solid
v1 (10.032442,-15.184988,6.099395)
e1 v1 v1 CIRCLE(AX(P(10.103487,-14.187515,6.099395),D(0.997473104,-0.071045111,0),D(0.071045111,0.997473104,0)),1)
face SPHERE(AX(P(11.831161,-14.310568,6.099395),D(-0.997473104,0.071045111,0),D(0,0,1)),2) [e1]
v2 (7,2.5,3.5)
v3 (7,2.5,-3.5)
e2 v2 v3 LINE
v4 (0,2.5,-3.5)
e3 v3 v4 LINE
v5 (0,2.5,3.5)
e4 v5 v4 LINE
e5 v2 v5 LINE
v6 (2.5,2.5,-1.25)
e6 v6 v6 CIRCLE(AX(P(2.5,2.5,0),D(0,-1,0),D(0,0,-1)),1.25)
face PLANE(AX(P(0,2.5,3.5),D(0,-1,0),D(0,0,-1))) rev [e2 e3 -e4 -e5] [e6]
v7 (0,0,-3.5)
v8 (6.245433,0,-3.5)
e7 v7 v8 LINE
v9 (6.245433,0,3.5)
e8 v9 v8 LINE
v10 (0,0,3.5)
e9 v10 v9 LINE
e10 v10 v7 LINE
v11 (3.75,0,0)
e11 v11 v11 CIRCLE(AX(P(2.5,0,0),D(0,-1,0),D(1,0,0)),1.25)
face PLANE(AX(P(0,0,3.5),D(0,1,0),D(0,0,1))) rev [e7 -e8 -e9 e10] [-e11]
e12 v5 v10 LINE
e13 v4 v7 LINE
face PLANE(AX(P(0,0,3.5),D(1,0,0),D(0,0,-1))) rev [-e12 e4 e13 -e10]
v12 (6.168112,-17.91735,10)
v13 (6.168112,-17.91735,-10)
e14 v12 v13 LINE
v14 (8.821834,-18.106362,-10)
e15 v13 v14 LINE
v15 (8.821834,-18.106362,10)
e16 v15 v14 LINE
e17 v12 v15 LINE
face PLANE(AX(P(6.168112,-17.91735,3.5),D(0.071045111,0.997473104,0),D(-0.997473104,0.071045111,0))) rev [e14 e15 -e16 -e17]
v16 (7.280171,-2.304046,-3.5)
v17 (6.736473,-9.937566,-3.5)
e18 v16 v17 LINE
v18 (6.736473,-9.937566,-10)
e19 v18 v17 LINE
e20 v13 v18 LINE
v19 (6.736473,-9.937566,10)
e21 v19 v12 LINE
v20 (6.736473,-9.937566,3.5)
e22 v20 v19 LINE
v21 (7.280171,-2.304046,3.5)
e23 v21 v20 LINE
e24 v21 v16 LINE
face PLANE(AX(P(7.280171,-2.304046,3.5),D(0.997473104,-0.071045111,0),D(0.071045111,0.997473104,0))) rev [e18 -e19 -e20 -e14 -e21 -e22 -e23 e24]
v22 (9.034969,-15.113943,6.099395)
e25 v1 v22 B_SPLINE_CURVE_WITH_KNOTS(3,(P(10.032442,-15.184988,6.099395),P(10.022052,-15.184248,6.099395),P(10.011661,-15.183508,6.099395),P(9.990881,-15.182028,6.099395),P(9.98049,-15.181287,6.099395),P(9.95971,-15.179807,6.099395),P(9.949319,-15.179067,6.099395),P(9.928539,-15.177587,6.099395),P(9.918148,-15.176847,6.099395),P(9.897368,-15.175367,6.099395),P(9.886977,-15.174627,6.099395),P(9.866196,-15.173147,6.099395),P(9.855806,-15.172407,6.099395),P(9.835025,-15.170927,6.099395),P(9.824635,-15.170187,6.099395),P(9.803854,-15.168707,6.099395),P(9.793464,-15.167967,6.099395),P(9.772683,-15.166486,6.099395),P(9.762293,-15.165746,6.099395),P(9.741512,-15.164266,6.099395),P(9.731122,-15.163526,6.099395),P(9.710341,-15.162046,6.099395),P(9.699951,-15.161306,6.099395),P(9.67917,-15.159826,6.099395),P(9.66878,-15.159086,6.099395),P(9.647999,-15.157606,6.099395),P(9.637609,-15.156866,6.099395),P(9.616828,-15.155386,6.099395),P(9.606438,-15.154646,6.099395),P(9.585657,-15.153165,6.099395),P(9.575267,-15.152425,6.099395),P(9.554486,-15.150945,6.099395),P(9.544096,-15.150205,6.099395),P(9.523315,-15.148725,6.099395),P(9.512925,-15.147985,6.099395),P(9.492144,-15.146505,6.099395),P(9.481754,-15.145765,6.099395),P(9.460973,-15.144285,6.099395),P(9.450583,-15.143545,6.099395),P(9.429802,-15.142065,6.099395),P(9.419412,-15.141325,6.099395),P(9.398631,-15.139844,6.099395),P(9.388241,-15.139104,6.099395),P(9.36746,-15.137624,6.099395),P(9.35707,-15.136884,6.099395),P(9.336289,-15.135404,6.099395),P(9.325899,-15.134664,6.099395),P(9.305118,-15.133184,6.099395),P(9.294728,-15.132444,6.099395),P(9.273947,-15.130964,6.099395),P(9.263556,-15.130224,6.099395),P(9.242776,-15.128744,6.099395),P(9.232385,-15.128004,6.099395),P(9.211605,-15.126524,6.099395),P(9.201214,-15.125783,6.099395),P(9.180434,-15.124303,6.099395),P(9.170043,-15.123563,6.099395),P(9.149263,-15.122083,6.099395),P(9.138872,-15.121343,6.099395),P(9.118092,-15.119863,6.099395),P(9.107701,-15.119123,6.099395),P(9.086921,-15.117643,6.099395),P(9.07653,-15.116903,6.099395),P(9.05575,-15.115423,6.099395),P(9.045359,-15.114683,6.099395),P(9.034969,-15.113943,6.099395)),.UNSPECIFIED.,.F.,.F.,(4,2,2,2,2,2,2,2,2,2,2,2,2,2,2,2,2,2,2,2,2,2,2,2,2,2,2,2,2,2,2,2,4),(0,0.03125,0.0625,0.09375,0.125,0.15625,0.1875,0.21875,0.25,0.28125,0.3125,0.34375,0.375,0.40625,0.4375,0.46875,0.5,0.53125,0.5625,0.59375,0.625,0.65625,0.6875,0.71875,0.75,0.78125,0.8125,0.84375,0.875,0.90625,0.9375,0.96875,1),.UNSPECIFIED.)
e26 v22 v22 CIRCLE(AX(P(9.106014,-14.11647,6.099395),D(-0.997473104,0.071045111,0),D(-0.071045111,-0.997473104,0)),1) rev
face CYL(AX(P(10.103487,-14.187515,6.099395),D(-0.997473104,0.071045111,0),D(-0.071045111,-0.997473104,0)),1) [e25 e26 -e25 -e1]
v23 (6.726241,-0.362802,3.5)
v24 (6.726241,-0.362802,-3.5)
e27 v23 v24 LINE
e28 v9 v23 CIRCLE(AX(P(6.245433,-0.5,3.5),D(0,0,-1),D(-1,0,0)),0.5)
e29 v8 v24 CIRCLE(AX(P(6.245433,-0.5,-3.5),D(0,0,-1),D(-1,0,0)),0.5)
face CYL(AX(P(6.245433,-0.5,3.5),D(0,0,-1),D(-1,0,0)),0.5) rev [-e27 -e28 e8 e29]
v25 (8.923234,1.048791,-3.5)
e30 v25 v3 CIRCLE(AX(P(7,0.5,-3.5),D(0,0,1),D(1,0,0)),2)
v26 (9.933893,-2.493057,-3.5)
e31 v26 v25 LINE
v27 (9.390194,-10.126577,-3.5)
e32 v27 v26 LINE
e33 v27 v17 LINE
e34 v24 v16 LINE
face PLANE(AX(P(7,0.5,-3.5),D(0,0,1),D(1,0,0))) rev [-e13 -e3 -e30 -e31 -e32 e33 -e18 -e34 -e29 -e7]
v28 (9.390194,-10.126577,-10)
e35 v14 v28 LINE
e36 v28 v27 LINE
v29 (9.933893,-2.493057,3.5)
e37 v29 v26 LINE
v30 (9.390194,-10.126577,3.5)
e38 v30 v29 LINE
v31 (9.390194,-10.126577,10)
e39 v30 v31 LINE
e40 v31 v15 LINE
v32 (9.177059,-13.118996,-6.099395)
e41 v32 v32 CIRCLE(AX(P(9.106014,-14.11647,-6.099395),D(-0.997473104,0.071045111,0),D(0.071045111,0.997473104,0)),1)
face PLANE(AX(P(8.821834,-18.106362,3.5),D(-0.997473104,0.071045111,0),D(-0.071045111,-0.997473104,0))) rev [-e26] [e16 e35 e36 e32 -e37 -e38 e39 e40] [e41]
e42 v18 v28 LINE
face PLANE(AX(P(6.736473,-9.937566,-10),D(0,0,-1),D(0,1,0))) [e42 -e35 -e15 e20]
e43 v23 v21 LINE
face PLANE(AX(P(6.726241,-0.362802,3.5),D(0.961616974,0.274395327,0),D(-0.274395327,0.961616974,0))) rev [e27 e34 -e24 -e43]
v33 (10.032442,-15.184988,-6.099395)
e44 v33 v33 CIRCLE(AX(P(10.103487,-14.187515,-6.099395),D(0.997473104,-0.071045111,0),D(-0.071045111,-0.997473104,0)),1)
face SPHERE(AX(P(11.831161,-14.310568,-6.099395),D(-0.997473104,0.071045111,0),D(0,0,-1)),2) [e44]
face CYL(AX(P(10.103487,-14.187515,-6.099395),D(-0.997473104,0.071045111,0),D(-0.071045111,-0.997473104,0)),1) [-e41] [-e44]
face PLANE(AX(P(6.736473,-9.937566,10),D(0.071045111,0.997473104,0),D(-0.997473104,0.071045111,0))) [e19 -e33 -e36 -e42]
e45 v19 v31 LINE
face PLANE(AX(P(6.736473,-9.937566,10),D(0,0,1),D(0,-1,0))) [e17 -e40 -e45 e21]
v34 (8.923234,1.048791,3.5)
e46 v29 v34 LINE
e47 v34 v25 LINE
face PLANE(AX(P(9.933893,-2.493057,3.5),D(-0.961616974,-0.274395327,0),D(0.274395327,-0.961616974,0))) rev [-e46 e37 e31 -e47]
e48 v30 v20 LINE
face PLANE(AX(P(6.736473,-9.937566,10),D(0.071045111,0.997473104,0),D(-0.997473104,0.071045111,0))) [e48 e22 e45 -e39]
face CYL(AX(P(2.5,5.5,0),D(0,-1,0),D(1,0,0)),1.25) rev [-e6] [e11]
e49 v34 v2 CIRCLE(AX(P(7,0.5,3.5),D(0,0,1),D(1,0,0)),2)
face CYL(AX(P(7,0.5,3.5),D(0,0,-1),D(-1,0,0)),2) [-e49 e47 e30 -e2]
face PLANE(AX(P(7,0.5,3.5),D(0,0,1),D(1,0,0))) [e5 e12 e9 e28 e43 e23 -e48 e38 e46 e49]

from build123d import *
from build123d.topology import SkipClean

# Parameters (mm, degrees)
EXTRUDE_1_DEPTH     = 3.5
SKETCH_2_R          = 1.25
CUT_EXTRUDE_3_DEPTH = 5.5
SKETCH_3_W          = 20
SKETCH_3_H          = 8
EXTRUDE_2_DEPTH     = 2.660444
SKETCH_4_R          = 1
EXTRUDE_3_DEPTH     = 1


with BuildPart() as part:
    # 草图1 → 凸台-拉伸1 (new, symmetric)
    with BuildSketch(Plane.XY):
        with BuildLine():
            Line((0, 0), (6.245432753, 0))
            ThreePointArc((6.245432753, 0), (6.54659813, -0.100876691), (6.72624124, -0.362802336))
            Line((6.72624124, -0.362802336), (7.280170813, -2.304045596))
            Line((7.280170813, -2.304045596), (6.168111785, -17.917350358))
            Line((6.168111785, -17.917350358), (8.821833549, -18.106361928))
            Line((8.821833549, -18.106361928), (9.933892576, -2.493057166))
            Line((9.933892576, -2.493057166), (8.923233948, 1.048790655))
            ThreePointArc((8.923233948, 1.048790655), (8.204661507, 2.096493237), (7, 2.5))
            Line((7, 2.5), (0, 2.5))
            Line((0, 2.5), (0, 0))
        make_face()
    extrude(amount=EXTRUDE_1_DEPTH, both=True)

    # 草图2 → 切除-拉伸3 (cut)
    with BuildSketch(Plane.XZ):
        with Locations((2.5, 0)):
            Circle(SKETCH_2_R)
    extrude(amount=-CUT_EXTRUDE_3_DEPTH, mode=Mode.SUBTRACT)

    # 草图3 → 凸台-拉伸2 (add)
    with SkipClean():  # the faces are left unmerged after this step: merging them gives an invalid solid
        with BuildSketch(Plane(origin=(10.06042413, -0.716554608, 0), x_dir=(0, 0, -1), z_dir=(0.9974731035002551, -0.07104511097583902, 0))):
            with Locations((0, -13.433860882)):
                Rectangle(SKETCH_3_W, SKETCH_3_H)
        extrude(amount=-EXTRUDE_2_DEPTH)

    # 草图4 → 凸台-拉伸3 (add)
    with SkipClean():  # the faces are left unmerged after this step: merging them gives an invalid solid
        with BuildSketch(Plane(origin=(10.06042413, -0.716554608, 0), x_dir=(0, 0, -1), z_dir=(0.9974731035002551, -0.07104511097583902, 0))):
            with Locations(Location((-6.099395407, -13.433860882, 0), (0, 0, 270))):
                Circle(SKETCH_4_R)
        extrude_3 = extrude(amount=EXTRUDE_3_DEPTH)

    # 草图5 → 旋转1 (revolve)
    with SkipClean():  # the faces are left unmerged after this step: merging them gives an invalid solid
        with BuildSketch(Plane(origin=(-0.954410137, -13.399914906, 0), x_dir=(-0.9974731035002551, 0.07104511097583902, 0), z_dir=(0.07104511097583903, 0.9974731035002552, 0))):
            with BuildLine():
                Line((-11.085910181, 6.099395407), (-14.817960988, 6.099395407))
                ThreePointArc((-14.817960988, 6.099395407), (-13.335599079, 8.031247059), (-11.085910181, 7.099395407))
                Line((-11.085910181, 7.099395407), (-11.085910181, 6.099395407))
            make_face()
        revolve_1 = revolve(axis=Axis((10.103487096, -14.187514625, 6.099395407), (0.9974731035002552, -0.071045110975839, 0)))

    # 镜向1: 凸台-拉伸3, 旋转1 across plane
    with SkipClean():  # the faces are left unmerged after this step: merging them gives an invalid solid
        add(extrude_3.mirror(Plane.XY))
        add(revolve_1.mirror(Plane.XY))


solid = part.part
